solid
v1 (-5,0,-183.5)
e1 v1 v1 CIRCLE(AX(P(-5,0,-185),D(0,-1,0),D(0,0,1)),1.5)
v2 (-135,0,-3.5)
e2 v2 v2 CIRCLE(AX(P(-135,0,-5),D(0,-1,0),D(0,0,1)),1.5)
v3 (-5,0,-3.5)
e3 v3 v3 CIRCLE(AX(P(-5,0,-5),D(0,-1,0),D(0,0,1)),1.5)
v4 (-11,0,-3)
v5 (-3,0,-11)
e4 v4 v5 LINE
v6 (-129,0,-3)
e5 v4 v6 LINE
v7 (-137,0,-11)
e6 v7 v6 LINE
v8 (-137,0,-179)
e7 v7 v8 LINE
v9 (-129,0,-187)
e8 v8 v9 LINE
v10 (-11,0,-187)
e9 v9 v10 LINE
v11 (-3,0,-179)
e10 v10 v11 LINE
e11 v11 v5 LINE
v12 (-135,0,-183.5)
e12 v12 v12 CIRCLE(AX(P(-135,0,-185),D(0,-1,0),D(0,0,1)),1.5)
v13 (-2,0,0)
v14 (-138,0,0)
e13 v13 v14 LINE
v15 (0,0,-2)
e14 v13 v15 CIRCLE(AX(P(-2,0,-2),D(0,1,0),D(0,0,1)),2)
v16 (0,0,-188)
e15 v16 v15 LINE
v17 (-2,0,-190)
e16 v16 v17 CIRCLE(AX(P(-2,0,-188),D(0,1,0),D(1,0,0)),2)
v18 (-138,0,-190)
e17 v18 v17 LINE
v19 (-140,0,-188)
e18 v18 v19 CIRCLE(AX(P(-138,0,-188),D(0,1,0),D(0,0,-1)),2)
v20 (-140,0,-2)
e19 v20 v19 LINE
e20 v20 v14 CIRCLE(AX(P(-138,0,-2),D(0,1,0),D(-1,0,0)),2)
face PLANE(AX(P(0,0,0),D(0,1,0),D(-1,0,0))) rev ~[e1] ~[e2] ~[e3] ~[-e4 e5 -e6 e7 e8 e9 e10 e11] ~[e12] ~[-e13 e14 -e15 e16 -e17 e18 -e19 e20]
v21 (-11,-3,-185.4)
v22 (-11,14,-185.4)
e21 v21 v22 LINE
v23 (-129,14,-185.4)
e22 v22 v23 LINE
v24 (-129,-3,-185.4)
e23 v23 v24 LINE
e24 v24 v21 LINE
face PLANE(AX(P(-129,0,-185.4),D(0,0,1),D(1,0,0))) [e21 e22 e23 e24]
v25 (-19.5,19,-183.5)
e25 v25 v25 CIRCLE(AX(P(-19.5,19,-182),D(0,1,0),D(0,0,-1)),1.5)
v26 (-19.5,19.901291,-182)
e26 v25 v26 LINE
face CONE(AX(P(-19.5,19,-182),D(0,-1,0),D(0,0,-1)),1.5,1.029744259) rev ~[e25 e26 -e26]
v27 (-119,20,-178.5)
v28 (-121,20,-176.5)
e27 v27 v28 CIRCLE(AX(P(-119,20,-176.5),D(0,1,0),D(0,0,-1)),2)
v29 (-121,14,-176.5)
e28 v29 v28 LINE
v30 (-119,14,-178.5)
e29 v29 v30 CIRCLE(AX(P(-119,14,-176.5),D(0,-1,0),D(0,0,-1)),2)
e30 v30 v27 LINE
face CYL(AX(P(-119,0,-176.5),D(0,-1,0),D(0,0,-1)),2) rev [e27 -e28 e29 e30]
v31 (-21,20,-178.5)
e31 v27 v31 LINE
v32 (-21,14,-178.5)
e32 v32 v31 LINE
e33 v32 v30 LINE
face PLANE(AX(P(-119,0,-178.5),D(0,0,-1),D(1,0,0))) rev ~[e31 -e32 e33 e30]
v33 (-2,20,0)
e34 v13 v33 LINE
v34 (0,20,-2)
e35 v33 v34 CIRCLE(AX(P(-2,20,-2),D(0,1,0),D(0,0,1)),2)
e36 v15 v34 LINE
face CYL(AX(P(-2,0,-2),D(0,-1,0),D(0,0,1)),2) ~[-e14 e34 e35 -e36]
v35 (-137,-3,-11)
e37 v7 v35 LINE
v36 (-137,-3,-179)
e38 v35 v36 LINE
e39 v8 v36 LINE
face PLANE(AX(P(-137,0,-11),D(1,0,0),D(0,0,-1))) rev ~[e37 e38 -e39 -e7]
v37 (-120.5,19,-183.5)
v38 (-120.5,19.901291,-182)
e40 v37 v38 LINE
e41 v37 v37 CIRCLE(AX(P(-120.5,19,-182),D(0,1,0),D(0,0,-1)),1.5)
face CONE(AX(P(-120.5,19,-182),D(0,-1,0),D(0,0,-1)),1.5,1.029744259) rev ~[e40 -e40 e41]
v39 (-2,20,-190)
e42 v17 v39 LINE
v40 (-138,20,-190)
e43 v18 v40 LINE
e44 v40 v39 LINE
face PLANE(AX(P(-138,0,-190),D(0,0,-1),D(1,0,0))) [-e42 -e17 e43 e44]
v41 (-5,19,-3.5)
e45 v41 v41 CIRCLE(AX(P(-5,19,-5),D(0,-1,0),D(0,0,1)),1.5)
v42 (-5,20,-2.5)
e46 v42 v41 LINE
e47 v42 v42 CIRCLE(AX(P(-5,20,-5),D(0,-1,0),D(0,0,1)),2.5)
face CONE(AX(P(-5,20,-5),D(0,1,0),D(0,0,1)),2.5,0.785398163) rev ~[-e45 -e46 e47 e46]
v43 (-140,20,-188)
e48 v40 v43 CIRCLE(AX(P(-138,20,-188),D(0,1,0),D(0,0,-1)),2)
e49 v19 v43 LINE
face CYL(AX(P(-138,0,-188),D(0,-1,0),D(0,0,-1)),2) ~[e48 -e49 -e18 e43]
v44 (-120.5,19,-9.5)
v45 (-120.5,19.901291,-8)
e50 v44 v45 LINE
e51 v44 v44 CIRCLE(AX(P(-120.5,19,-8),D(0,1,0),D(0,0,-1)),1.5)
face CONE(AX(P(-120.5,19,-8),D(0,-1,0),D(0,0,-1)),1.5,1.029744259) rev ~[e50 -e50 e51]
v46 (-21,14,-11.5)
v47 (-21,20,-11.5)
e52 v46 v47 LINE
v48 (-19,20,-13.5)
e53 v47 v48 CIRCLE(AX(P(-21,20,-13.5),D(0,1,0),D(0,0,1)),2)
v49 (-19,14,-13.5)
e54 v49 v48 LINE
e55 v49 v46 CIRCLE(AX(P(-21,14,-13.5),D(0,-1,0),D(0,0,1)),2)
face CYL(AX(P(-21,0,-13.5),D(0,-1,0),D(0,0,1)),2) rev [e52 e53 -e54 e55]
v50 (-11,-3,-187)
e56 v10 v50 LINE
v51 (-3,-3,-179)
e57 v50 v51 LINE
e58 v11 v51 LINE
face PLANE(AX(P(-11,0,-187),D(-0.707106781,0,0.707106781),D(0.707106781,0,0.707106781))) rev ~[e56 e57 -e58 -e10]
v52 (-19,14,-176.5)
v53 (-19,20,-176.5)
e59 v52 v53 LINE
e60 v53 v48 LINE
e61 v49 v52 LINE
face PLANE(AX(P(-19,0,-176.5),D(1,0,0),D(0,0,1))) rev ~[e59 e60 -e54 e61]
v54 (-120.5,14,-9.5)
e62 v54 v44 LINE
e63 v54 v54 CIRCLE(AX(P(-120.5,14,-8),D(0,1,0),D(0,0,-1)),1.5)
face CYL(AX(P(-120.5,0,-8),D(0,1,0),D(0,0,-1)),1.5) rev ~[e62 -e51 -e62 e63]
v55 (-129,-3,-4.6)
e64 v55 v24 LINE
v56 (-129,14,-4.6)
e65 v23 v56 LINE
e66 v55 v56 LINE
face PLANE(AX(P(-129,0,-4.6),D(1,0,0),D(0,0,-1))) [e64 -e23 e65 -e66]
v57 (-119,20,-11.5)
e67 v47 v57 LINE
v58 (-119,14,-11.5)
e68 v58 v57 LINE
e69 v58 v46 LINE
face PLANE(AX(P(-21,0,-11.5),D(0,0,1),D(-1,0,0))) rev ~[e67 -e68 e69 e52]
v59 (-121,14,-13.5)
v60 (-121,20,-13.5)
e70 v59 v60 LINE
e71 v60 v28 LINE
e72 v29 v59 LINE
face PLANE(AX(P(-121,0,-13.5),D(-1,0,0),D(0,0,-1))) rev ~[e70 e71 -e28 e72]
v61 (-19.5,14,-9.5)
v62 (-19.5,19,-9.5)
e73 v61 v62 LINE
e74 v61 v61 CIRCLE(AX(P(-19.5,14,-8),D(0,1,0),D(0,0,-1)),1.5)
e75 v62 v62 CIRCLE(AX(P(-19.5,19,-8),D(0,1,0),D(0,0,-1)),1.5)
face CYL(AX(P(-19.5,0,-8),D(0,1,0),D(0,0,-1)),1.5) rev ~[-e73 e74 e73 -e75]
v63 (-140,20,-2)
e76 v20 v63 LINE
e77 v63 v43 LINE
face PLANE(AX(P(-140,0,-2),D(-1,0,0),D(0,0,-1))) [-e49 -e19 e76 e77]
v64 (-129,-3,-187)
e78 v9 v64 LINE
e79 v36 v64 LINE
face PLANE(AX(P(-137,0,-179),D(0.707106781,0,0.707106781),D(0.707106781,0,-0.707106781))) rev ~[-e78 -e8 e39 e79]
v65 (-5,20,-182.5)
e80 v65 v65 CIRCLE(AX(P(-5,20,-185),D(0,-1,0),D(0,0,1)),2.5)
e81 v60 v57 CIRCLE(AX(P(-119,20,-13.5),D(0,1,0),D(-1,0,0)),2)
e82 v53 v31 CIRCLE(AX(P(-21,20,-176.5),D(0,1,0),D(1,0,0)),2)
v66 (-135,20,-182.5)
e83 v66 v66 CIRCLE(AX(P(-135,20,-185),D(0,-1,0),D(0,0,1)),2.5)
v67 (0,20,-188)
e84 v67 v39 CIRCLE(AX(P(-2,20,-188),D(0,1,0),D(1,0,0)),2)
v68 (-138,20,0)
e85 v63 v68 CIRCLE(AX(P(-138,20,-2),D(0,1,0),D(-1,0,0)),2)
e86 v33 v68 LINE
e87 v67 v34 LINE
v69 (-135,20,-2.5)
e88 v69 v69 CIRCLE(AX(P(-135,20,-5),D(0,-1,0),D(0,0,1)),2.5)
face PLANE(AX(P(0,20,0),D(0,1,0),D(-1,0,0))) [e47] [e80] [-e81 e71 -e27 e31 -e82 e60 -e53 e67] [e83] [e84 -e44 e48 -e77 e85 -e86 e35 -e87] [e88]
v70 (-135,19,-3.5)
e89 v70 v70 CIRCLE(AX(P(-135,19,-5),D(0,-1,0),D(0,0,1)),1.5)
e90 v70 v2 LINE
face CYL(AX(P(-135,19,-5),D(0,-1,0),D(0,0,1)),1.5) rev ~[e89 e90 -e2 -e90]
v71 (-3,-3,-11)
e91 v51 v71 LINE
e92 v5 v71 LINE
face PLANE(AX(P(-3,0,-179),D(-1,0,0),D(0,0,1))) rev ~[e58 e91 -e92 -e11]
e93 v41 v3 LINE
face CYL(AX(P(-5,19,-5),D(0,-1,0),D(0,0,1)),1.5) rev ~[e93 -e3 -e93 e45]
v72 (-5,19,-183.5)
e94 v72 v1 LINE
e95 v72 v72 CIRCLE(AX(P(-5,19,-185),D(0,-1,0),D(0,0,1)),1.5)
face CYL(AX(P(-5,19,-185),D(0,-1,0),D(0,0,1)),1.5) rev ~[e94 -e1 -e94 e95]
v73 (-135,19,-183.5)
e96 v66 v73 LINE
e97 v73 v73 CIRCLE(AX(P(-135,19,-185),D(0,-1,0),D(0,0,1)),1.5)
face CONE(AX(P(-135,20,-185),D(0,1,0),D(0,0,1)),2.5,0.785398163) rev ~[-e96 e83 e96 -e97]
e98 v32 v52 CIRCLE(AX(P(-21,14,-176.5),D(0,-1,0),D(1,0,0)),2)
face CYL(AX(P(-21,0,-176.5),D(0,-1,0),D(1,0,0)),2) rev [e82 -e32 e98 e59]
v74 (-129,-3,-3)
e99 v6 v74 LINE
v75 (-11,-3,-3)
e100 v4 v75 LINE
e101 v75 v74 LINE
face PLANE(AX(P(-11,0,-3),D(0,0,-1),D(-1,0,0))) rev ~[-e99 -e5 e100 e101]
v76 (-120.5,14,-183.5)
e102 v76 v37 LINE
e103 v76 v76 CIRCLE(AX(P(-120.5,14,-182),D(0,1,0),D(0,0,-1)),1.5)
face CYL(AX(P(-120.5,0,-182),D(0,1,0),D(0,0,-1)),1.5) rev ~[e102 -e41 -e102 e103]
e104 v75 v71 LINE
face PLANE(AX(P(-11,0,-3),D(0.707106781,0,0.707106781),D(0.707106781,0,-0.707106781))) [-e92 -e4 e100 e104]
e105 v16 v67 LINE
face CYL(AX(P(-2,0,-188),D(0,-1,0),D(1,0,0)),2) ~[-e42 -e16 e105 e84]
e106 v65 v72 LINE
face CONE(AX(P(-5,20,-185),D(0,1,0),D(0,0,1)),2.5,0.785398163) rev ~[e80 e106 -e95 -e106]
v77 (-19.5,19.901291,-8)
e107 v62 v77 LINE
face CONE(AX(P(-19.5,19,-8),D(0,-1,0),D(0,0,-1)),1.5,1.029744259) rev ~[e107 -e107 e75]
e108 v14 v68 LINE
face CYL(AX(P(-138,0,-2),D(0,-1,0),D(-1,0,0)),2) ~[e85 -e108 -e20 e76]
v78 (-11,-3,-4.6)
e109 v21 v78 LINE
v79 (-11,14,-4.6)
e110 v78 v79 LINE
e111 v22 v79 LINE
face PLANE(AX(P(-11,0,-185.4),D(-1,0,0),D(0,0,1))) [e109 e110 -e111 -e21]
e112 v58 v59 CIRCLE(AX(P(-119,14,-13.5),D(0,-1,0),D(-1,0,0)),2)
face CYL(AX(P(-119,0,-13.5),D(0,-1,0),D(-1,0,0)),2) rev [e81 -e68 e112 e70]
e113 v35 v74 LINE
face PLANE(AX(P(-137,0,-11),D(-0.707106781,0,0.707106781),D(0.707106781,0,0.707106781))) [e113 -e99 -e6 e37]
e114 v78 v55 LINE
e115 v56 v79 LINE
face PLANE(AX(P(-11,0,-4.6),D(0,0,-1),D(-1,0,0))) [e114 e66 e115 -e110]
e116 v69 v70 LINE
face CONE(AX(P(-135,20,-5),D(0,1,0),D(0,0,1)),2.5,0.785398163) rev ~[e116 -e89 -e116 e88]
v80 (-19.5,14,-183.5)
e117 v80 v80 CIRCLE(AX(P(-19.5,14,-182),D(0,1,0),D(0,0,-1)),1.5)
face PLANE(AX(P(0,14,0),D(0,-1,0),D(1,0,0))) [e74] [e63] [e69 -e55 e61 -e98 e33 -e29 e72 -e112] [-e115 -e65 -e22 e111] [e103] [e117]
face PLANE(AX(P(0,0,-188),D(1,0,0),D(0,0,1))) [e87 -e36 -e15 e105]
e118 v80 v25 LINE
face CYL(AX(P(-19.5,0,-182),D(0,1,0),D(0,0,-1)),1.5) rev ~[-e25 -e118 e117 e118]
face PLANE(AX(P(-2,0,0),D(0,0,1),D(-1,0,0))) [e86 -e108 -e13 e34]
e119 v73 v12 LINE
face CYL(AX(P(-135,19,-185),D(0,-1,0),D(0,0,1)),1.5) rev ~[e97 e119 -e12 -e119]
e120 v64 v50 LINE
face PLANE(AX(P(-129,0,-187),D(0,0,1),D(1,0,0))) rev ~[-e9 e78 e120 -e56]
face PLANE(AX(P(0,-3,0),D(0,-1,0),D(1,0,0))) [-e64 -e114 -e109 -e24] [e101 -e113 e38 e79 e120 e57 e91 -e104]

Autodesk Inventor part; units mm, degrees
ref_plane "YZ Plane" through (0, 0, 0) normal (1, 0, 0) x (0, 1, 0)
ref_plane "XZ Plane" through (0, 0, 0) normal (0, 1, 0) x (-1, 0, 0)
ref_plane "XY Plane" through (0, 0, 0) normal (0, 0, 1) x (1, 0, 0)
sketch "Sketch1" plane through (0, 0, 0) normal (0, 1, 0) x (-1, 0, 0)
  line L0 (2, 0) -> (138, 0)
  line L1 (140, -2) -> (140, -188)
  line L2 (138, -190) -> (2, -190)
  line L3 (0, -188) -> (0, -2)
  arc A0 (140, -2) -> (138, 0) centre (138, -2) ccw
  arc A1 (2, 0) -> (0, -2) centre (2, -2) ccw
  arc A2 (0, -188) -> (2, -190) centre (2, -188) ccw
  arc A3 (138, -190) -> (140, -188) centre (138, -188) ccw
  line L4 (21, -11.5) -> (119, -11.5)
  line L5 (121, -13.5) -> (121, -176.5)
  line L6 (119, -178.5) -> (21, -178.5)
  line L7 (19, -176.5) -> (19, -13.5)
  arc A4 (121, -13.5) -> (119, -11.5) centre (119, -13.5) ccw
  arc A5 (119, -178.5) -> (121, -176.5) centre (119, -176.5) ccw
  arc A6 (19, -176.5) -> (21, -178.5) centre (21, -176.5) ccw
  arc A7 (21, -11.5) -> (19, -13.5) centre (21, -13.5) ccw
  point P0 (0, 0)
  point P1 (140, -190)
  point P2 (140, 0)
  point P3 (0, -190)
  point P4 (121, -178.5)
  point P5 (121, -11.5)
  point P6 (19, -178.5)
  dimension "d5" = 190
  dimension "d6" = 140
  dimension "d7" = 102
  dimension "d8" = 167
  dimension "d9" = 2
  dimension "d57" = 11.5
  dimension "d58" = 19
extrude "Extrusion1" add sketch "Sketch1" along normal blind 20
sketch "Sketch2" plane through (0, 0, 0) normal (0, -1, 0) x (1, 0, 0)
  line L0 (-11, -3) -> (-129, -3)
  line L1 (-137, -11) -> (-137, -179)
  line L2 (-129, -187) -> (-11, -187)
  line L3 (-3, -179) -> (-3, -11)
  line L4 (-137, -179) -> (-129, -187)
  line L5 (-137, -11) -> (-129, -3)
  line L6 (-11, -3) -> (-3, -11)
  line L7 (-11, -187) -> (-3, -179)
  line L8 (-129, -187) -> (-129, -185.4)
  line L9 (-129, -185.4) -> (-11, -185.4)
  line L10 (-11, -185.4) -> (-11, -4.6)
  line L11 (-11, -4.6) -> (-129, -4.6)
  line L12 (-129, -4.6) -> (-129, -185.4)
  point P0 (0, 0)
  point P1 (-3, -3)
  point P2 (-137, -187)
  point P3 (-137, -3)
  point P4 (-3, -187)
  dimension "d86" = 134
  dimension "d87" = 184
  dimension "d88" = 8
  dimension "d89" = 8
  dimension "d90" = 8
  dimension "d91" = 8
  dimension "d92" = 8
  dimension "d93" = 8
  dimension "d94" = 8
  dimension "d95" = 8
  dimension "d96" = 1.6
  dimension "d97" = 180.8
  dimension "d98" = 180.8
extrude "Extrusion2" add sketch "Sketch2" along normal blind 3
hole "Hole1" at (-135, 20, -5) direction (0, -1, 0) diameter 3 end through all countersink diameter 5 countersink angle 90
hole "Hole2" at (-135, 20, -185) direction (0, -1, 0) diameter 3 end through all countersink diameter 5 countersink angle 90
hole "Hole3" at (-5, 20, -185) direction (0, -1, 0) diameter 3 end through all countersink diameter 5 countersink angle 90
hole "Hole4" at (-5, 20, -5) direction (0, -1, 0) diameter 3 end through all countersink diameter 5 countersink angle 90
hole "Hole5" at (-120.5, 0, -8) direction (0, 1, 0) diameter 3 depth 19 tip angle 118
hole "Hole6" at (-19.5, 0, -8) direction (0, 1, 0) diameter 3 depth 19 tip angle 118
hole "Hole7" at (-120.5, 0, -182) direction (0, 1, 0) diameter 3 depth 19 tip angle 118
hole "Hole8" at (-19.5, 0, -182) direction (0, 1, 0) diameter 3 depth 19 tip angle 118
sketch "Sketch3" plane through (0, 0, 0) normal (0, -1, 0) x (1, 0, 0)
  line L0 (-11, -185.4) -> (-11, -4.6) projected
  line L1 (-129, -4.6) -> (-11, -4.6) projected
  line L2 (-11, -185.4) -> (-129, -185.4)
  line L3 (-129, -185.4) -> (-129, -4.6)
  line L4 (-129, -4.6) -> (-11, -4.6)
  line L5 (-11, -4.6) -> (-11, -185.4)
  point P0 (0, 0)
extrude "Extrusion3" cut sketch "Sketch3" against normal blind 14
equation "\"d89\" = d88"
equation "\"d90\" = d88"
equation "\"d91\" = d90"
equation "\"d92\" = d88"
equation "\"d93\" = d92"
equation "\"d94\" = d88"
equation "\"d95\" = d94"
properties part number "Dessus boitier"
